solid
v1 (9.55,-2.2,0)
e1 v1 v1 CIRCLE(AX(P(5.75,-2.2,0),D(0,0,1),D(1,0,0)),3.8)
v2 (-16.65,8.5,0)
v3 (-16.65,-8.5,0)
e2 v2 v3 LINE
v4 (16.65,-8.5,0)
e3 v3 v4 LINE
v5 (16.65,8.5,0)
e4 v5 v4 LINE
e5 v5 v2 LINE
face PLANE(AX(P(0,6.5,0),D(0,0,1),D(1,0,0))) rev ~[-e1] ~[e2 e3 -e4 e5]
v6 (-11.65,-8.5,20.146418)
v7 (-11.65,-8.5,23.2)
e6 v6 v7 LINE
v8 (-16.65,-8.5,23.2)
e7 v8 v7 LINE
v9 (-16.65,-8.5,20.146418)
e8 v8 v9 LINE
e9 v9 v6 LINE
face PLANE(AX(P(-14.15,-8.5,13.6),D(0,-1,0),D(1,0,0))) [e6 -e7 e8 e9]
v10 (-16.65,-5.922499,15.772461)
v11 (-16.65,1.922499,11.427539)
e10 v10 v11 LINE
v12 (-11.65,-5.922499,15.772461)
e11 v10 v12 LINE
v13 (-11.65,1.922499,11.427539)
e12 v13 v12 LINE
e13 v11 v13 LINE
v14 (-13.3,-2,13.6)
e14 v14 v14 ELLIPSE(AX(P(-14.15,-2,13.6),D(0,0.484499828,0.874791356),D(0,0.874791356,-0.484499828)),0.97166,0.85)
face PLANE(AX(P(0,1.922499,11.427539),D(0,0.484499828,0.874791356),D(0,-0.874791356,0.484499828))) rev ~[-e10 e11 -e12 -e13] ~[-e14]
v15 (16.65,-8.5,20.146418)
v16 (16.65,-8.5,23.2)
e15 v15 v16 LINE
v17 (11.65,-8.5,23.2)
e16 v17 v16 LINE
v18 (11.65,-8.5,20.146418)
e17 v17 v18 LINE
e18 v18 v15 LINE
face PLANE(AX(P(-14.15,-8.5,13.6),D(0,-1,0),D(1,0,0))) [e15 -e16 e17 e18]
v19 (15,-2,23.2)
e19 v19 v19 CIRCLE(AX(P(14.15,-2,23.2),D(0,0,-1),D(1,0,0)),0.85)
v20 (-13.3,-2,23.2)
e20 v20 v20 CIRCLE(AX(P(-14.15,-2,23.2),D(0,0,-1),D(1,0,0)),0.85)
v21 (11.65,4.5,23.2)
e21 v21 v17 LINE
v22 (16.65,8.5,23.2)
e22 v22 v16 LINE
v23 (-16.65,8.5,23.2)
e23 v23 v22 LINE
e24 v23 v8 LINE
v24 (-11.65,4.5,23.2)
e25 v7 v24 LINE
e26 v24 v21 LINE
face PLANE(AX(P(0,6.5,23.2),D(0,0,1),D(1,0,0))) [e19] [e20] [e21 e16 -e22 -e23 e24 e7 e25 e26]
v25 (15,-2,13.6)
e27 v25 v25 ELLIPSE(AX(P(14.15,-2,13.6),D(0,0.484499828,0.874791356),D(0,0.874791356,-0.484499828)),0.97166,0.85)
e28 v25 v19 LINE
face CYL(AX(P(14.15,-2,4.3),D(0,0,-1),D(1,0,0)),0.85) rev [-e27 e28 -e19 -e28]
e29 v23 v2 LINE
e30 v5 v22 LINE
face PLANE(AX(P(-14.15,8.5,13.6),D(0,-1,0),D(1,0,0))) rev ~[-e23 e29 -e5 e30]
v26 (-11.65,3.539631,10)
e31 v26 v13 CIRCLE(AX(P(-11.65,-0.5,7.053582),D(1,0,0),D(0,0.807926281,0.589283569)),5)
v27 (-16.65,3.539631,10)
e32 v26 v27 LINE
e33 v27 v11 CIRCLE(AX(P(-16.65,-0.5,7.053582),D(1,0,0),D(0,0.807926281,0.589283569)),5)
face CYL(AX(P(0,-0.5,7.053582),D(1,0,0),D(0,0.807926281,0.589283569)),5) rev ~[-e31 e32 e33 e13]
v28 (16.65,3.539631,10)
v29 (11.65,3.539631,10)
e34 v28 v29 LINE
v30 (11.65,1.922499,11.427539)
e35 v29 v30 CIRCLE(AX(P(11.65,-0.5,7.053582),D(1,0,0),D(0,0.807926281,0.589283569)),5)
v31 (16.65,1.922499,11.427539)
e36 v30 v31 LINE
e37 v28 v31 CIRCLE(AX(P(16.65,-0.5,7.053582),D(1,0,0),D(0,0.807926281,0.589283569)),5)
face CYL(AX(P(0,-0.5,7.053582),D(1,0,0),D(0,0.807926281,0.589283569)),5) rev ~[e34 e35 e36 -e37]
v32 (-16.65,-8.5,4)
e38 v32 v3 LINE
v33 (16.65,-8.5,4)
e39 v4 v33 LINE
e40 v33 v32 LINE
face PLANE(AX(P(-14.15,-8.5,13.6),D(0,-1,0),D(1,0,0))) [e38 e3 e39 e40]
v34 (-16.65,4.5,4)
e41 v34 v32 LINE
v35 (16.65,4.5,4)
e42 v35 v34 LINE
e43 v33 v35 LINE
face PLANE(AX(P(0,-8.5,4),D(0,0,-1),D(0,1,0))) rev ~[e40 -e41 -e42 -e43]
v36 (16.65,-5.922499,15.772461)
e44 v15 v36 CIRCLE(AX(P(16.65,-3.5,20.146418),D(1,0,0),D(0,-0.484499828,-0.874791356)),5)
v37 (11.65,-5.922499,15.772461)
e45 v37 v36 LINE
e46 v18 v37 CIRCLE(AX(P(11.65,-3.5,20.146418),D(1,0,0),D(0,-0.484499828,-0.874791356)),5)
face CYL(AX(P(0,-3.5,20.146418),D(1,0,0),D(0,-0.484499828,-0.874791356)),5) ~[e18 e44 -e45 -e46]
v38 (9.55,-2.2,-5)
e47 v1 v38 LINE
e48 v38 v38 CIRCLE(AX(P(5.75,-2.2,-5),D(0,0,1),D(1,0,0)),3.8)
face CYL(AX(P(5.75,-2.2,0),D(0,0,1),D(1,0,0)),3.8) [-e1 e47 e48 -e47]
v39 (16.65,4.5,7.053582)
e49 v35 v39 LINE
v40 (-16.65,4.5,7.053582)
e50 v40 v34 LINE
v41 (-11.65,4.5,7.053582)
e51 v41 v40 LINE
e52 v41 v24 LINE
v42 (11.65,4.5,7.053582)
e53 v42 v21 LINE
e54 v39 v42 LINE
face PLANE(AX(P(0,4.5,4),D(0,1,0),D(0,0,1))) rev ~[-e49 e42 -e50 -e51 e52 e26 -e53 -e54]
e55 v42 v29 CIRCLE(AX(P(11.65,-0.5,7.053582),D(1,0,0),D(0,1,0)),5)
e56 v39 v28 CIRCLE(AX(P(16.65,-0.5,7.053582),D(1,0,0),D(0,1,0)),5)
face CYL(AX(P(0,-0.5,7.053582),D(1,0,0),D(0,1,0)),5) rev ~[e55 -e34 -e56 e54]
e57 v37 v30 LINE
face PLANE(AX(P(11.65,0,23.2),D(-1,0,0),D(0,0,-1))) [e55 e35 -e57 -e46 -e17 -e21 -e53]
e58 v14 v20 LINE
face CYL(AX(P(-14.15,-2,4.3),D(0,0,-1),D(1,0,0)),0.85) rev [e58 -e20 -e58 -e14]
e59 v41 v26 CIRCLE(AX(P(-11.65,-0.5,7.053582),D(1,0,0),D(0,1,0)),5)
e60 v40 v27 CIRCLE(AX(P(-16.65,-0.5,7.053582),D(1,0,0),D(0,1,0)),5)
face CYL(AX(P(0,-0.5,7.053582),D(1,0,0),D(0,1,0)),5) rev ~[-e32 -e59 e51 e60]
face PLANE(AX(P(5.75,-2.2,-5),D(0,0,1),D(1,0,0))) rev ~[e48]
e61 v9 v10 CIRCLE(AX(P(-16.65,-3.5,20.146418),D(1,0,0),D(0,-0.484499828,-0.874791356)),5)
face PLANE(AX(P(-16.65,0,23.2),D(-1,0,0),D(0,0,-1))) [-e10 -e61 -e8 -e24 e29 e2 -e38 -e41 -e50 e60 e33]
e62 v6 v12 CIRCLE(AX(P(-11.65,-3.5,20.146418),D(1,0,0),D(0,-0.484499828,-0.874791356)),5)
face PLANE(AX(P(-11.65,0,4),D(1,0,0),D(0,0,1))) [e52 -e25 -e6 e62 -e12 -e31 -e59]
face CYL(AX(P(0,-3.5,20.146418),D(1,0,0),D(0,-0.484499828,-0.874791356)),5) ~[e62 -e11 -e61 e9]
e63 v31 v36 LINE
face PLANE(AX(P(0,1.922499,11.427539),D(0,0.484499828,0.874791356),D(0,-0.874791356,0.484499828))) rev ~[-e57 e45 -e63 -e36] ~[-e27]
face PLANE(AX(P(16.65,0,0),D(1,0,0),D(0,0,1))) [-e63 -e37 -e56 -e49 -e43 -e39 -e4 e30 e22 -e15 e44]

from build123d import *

# Parameters (mm, degrees)
F1_W     = 5
F1_H     = 7.2
F1_H_2   = 6
F1_H_3   = 4
F1_W_2   = 23.3
F3_DEPTH = 8.5
F4_DEPTH = 23.2
F5_DEPTH = 18.1
F6_START = 4.3
F0_R     = 0.85
F6_DEPTH = 20.7
F0_R_2   = 3.8
F7_DEPTH = 5


with BuildPart() as f3:
    # F1 (on Front) → F3 (new body, symmetric)
    with BuildSketch(Plane.XZ):
        with Locations((-14.15, 13.6)):
            Rectangle(F1_W, F1_H)
        with Locations((-14.15, 20.2)):
            Rectangle(F1_W, F1_H_2)
        with Locations((-14.15, 7)):
            Rectangle(F1_W, F1_H_2)
        with Locations((-14.15, 2)):
            Rectangle(F1_W, F1_H_3)
        with Locations((0, 2)):
            Rectangle(F1_W_2, F1_H_3)
        with Locations((14.15, 2)):
            Rectangle(F1_W, F1_H_3)
        with Locations((14.15, 7)):
            Rectangle(F1_W, F1_H_2)
        with Locations((14.15, 13.6)):
            Rectangle(F1_W, F1_H)
        with Locations((14.15, 20.2)):
            Rectangle(F1_W, F1_H_2)
    extrude(amount=F3_DEPTH, both=True)

    # F0 (on Top) → F4 (join)
    with BuildSketch(Plane.XY):
        Polygon((11.65, 4.5), (11.65, 8.5), (0, 8.5), (-11.65, 8.5), (-11.65, 4.5), align=None)
    extrude(amount=F4_DEPTH)

    # F2 (on Right) → F5 (cut, symmetric)
    with BuildSketch(Plane.YZ):
        with BuildLine():
            Line((-8.5, 17.2), (-8.5, 10))
            Line((-8.5, 10), (3.5396314061, 10))
            ThreePointArc((3.5396314061, 10), (2.8089650426, 10.8020152096), (1.9224991399, 11.4275389379))
            Line((1.9224991399, 11.4275389379), (-5.9224991399, 15.7724610621))
            ThreePointArc((-5.9224991399, 15.7724610621), (-6.8089650426, 16.3979847904), (-7.5396314061, 17.2))
            Line((-7.5396314061, 17.2), (-8.5, 17.2))
        make_face()
        with BuildLine():
            Line((-8.5, 20.1464178425), (-8.5, 17.2))
            Line((-8.5, 17.2), (-7.5396314061, 17.2))
            ThreePointArc((-7.5396314061, 17.2), (-8.2538488107, 18.5969271247), (-8.5, 20.1464178425))
        make_face()
        with BuildLine():
            Line((-8.5, 10), (-8.5, 4))
            Line((-8.5, 4), (4.5, 4))
            Line((4.5, 4), (4.5, 7.0535821575))
            ThreePointArc((4.5, 7.0535821575), (4.2538488107, 8.6030728753), (3.5396314061, 10))
            Line((3.5396314061, 10), (-8.5, 10))
        make_face()
    extrude(amount=F5_DEPTH, both=True, mode=Mode.SUBTRACT)

    # F0 (on Top) → F6 (cut)
    with BuildSketch(Plane.XY.offset(F6_START)):
        with Locations((14.15, -2)):
            Circle(F0_R)
        with Locations((-14.15, -2)):
            Circle(F0_R)
    extrude(amount=F6_DEPTH, mode=Mode.SUBTRACT)

    # F0 (on Top) → F7 (join)
    with BuildSketch(Plane.XY):
        with Locations((5.75, -2.2)):
            Circle(F0_R_2)
    extrude(amount=-F7_DEPTH)


solid = f3.part
